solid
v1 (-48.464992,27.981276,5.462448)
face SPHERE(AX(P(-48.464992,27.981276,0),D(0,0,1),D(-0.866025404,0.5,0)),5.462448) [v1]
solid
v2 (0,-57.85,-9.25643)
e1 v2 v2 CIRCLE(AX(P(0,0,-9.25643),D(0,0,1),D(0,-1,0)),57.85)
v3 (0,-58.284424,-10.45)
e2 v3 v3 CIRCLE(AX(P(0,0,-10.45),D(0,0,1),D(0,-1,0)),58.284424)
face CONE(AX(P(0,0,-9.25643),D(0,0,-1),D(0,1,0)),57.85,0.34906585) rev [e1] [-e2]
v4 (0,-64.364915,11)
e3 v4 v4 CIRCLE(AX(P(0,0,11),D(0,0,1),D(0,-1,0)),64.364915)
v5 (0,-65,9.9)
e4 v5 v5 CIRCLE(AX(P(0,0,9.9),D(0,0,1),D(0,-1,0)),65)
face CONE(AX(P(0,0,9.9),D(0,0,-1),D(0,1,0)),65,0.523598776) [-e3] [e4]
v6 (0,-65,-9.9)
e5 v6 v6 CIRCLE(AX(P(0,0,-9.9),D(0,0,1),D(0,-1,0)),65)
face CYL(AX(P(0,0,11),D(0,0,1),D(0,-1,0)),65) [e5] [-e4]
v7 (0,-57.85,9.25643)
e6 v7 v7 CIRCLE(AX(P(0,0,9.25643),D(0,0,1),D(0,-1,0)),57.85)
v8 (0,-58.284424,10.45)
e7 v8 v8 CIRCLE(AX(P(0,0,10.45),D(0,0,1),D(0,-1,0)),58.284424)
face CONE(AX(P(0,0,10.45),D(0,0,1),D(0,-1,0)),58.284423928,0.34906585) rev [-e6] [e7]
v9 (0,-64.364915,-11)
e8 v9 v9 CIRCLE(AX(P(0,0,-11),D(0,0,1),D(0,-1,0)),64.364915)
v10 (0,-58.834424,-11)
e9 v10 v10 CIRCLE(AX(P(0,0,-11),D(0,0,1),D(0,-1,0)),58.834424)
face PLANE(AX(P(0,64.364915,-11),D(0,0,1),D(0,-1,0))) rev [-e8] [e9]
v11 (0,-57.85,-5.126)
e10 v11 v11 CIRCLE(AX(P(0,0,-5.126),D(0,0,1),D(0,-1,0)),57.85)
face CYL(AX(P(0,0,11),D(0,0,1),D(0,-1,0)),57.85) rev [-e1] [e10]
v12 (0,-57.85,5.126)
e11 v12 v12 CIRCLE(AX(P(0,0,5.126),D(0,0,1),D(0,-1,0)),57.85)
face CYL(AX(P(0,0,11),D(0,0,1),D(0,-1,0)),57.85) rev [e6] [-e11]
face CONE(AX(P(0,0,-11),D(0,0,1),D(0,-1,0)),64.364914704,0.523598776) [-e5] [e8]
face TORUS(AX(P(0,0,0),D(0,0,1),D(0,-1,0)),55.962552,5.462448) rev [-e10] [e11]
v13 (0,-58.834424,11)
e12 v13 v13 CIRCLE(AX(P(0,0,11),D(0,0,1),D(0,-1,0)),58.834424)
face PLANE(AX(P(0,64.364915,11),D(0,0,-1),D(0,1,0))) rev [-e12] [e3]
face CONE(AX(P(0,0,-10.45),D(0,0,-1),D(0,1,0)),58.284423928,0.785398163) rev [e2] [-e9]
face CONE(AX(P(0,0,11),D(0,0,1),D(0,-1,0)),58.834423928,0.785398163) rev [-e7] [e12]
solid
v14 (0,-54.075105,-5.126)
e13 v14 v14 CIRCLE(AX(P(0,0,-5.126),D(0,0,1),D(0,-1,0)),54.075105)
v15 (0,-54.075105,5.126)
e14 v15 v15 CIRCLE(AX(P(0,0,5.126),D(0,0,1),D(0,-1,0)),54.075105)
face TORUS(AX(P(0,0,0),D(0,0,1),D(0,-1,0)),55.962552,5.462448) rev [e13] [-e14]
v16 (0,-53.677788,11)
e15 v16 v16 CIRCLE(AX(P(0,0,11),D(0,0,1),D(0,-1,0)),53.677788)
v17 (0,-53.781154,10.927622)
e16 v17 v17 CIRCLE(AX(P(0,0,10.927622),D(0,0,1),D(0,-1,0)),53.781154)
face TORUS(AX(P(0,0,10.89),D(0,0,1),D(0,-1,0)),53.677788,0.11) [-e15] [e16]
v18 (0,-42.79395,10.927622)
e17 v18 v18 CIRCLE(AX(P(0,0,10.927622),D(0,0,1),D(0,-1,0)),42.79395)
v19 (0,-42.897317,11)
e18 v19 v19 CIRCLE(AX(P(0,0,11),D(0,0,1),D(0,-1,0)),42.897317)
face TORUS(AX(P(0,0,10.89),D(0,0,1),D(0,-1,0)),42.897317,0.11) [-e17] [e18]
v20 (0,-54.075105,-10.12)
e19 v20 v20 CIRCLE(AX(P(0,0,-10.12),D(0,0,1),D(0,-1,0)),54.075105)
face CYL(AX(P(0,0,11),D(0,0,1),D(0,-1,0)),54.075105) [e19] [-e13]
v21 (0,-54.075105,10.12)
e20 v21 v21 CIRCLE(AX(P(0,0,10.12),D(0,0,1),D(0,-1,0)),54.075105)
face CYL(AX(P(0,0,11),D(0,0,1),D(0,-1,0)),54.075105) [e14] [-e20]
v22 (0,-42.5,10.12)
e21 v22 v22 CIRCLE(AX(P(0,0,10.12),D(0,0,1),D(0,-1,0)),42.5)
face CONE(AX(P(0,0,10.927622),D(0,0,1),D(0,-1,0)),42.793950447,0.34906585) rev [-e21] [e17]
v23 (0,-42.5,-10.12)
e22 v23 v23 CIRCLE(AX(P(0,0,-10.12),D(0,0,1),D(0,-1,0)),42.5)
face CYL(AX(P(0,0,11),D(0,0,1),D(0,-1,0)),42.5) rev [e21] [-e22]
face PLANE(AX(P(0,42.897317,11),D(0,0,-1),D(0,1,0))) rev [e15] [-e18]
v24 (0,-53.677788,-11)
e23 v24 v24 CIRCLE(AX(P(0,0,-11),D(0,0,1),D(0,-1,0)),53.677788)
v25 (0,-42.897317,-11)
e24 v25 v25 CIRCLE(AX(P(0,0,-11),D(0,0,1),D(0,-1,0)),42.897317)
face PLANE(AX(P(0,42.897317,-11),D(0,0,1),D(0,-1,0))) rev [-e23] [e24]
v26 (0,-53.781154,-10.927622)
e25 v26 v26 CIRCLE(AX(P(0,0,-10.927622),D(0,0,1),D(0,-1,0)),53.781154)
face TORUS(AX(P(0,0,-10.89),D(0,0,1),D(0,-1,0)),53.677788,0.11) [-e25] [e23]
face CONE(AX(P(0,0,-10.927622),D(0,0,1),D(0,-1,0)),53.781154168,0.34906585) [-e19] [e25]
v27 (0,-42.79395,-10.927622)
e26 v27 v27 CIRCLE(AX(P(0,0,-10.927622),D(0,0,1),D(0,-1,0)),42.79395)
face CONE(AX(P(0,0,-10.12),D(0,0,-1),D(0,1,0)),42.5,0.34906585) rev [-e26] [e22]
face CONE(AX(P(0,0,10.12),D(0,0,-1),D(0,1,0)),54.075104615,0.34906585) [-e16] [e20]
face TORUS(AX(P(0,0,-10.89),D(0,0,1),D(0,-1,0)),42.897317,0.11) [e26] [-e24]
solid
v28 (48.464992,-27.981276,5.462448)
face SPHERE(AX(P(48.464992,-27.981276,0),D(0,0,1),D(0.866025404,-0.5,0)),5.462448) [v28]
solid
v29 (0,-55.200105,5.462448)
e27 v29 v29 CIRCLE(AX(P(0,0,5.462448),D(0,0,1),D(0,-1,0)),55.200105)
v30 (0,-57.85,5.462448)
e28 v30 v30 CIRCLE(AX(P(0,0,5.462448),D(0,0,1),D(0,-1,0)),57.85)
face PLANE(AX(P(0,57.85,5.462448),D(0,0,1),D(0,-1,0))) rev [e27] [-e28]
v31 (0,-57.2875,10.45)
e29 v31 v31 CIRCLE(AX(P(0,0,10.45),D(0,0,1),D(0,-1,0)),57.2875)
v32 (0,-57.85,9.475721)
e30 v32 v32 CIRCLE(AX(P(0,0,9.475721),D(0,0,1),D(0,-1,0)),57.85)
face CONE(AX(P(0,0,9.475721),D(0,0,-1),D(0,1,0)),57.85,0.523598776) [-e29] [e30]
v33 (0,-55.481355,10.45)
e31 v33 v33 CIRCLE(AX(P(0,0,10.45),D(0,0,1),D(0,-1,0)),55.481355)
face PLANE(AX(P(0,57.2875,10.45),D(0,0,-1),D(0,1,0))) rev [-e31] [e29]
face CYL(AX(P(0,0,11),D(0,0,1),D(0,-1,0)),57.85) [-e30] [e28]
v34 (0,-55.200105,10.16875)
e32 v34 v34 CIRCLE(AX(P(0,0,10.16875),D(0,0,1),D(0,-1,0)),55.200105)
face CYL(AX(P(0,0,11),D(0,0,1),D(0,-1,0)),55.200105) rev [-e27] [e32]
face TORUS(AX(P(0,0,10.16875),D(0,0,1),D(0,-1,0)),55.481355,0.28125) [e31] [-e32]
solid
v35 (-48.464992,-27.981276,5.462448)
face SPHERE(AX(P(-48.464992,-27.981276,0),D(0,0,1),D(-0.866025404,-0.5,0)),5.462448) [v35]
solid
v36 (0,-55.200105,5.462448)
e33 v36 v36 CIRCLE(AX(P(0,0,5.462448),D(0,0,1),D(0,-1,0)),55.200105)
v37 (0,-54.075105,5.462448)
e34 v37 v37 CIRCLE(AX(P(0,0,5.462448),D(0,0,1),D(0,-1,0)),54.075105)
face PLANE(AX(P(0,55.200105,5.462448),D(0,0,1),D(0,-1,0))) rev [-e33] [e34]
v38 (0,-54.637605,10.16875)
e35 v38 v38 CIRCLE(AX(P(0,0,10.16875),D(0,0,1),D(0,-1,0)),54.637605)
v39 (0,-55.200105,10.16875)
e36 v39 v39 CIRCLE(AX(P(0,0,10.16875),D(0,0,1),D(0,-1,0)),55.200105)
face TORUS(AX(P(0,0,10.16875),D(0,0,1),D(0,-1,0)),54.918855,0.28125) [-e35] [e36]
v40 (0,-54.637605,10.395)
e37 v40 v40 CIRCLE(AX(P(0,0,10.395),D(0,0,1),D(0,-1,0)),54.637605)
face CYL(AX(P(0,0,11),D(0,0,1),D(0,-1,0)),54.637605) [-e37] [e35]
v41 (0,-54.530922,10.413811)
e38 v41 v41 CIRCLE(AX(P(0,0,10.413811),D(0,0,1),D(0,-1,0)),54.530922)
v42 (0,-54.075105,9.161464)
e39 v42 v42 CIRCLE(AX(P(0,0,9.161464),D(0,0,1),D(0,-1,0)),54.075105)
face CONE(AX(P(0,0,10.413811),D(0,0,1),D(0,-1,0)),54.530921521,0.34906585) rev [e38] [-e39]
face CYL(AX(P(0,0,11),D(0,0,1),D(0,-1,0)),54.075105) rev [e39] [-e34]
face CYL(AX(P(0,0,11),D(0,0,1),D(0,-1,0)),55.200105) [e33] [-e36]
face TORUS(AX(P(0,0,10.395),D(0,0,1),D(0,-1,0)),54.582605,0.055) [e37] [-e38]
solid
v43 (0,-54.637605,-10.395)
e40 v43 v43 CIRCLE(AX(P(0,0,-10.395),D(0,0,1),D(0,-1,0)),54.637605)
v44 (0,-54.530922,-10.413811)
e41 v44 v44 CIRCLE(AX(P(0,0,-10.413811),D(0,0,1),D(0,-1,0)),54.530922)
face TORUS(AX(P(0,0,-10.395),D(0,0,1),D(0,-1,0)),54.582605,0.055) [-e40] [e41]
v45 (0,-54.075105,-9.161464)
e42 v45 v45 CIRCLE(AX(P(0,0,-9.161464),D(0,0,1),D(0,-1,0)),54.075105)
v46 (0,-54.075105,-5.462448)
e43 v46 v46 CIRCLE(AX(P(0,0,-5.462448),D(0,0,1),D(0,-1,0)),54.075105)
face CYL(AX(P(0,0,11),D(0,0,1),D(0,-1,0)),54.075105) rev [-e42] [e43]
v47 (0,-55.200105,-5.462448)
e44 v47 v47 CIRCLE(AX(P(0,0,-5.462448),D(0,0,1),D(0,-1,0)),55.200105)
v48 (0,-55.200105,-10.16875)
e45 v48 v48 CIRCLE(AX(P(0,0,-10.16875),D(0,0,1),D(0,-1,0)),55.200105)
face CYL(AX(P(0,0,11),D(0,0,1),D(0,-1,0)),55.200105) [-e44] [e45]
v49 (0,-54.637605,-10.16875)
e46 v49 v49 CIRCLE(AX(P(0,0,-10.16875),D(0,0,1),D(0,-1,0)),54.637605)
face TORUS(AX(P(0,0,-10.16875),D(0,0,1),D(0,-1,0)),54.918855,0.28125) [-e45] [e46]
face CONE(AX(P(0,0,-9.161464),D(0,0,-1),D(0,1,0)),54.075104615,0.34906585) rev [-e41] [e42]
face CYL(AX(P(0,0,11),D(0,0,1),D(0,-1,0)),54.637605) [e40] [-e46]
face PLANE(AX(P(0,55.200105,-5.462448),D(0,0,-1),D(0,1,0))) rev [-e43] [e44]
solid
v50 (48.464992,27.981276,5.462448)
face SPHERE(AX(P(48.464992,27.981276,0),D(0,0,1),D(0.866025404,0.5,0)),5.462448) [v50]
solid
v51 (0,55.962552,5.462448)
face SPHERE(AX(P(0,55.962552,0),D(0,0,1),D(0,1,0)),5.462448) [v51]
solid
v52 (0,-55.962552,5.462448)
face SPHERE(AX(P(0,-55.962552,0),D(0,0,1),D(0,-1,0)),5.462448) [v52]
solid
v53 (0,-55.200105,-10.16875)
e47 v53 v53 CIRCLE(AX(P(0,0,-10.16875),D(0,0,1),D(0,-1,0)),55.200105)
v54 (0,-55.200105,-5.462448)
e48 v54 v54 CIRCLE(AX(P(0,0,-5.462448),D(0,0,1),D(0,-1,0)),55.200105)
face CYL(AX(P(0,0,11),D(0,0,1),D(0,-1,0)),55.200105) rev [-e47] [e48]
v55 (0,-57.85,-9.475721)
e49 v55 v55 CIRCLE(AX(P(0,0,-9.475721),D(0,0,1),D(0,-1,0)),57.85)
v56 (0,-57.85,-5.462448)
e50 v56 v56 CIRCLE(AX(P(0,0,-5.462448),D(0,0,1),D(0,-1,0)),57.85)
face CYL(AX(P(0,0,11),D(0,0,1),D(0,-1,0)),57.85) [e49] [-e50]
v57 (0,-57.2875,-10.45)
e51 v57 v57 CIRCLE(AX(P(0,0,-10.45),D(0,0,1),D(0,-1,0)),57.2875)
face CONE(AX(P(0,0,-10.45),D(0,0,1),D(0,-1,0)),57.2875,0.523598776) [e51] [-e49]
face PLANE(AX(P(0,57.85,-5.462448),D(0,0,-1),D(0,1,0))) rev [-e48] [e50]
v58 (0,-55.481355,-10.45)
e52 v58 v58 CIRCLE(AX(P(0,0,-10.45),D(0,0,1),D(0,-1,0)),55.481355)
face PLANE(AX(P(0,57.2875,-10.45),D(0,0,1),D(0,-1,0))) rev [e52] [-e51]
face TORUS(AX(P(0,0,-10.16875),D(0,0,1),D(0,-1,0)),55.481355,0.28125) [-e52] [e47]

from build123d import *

# Parameters (mm, degrees)
CIRPATTERN1_COUNT = 6


with BuildPart() as part:
    # Sketch3 → Revolve1 (revolve)
    with BuildSketch(Plane(origin=(0, 0, 0), x_dir=(0, 0, -1), z_dir=(1, 0, 0))):
        with BuildLine():
            Line((-9.256430067, 57.85), (-10.45, 58.284423928))
            Line((-10.45, 58.284423928), (-11, 58.834423928))
            Line((-11, 58.834423928), (-11, 64.364914704))
            Line((-11, 64.364914704), (-9.9, 65))
            Line((-9.9, 65), (9.9, 65))
            Line((9.9, 65), (11, 64.364914704))
            Line((11, 64.364914704), (11, 58.834423928))
            Line((11, 58.834423928), (10.45, 58.284423928))
            Line((10.45, 58.284423928), (9.256430067, 57.85))
            Line((9.256430067, 57.85), (5.126, 57.85))
            ThreePointArc((5.126, 57.85), (0, 61.425), (-5.126, 57.85))
            Line((-5.126, 57.85), (-9.256430067, 57.85))
        make_face()
    revolve(axis=Axis((0, 0, 11), (0, 0, -1)))


with BuildPart() as body_2:
    # Sketch4 → Revolve2 (revolve)
    with BuildSketch(Plane(origin=(0, 0, 0), x_dir=(0, 0, -1), z_dir=(1, 0, 0))):
        with BuildLine():
            Line((-10.12, 42.5), (-10.927622216, 42.793950447))
            ThreePointArc((-10.927622216, 42.793950447), (-10.980106725, 42.834223227), (-11, 42.897316635))
            Line((-11, 42.897316635), (-11, 53.67778798))
            ThreePointArc((-11, 53.67778798), (-10.980106725, 53.740881388), (-10.927622216, 53.781154168))
            Line((-10.927622216, 53.781154168), (-10.12, 54.075104615))
            Line((-10.12, 54.075104615), (-5.126, 54.075104615))
            ThreePointArc((-5.126, 54.075104615), (0, 50.500104615), (5.126, 54.075104615))
            Line((5.126, 54.075104615), (10.12, 54.075104615))
            Line((10.12, 54.075104615), (10.927622216, 53.781154168))
            ThreePointArc((10.927622216, 53.781154168), (10.980106725, 53.740881388), (11, 53.67778798))
            Line((11, 53.67778798), (11, 42.897316635))
            ThreePointArc((11, 42.897316635), (10.980106725, 42.834223227), (10.927622216, 42.793950447))
            Line((10.927622216, 42.793950447), (10.12, 42.5))
            Line((10.12, 42.5), (-10.12, 42.5))
        make_face()
    revolve(axis=Axis((0, 0, 11), (0, 0, -1)))


with BuildPart() as body_3:
    # Sketch5 → Revolve3 (revolve)
    with BuildSketch(Plane(origin=(0, 0, 0), x_dir=(0, 0, -1), z_dir=(1, 0, 0))):
        with BuildLine():
            Line((-5.462447692, 55.962552308), (5.462447692, 55.962552308))
            ThreePointArc((5.462447692, 55.962552308), (0, 61.425), (-5.462447692, 55.962552308))
        make_face()
    revolve(axis=Axis((0, 55.962552308, 5.462447692), (0, 0, -1)))


with BuildPart() as cirpattern1_1:
    # CirPattern1: pattern copy
    add(body_3.part.rotate(Axis((0, 0, 0), (0, 0, 1)), 1 * 360 / CIRPATTERN1_COUNT))


with BuildPart() as cirpattern1_2:
    # CirPattern1: pattern copy
    add(body_3.part.rotate(Axis((0, 0, 0), (0, 0, 1)), 2 * 360 / CIRPATTERN1_COUNT))


with BuildPart() as cirpattern1_3:
    # CirPattern1: pattern copy
    add(body_3.part.rotate(Axis((0, 0, 0), (0, 0, 1)), 3 * 360 / CIRPATTERN1_COUNT))


with BuildPart() as cirpattern1_4:
    # CirPattern1: pattern copy
    add(body_3.part.rotate(Axis((0, 0, 0), (0, 0, 1)), 4 * 360 / CIRPATTERN1_COUNT))


with BuildPart() as cirpattern1_5:
    # CirPattern1: pattern copy
    add(body_3.part.rotate(Axis((0, 0, 0), (0, 0, 1)), 5 * 360 / CIRPATTERN1_COUNT))


with BuildPart() as body_9:
    # Sketch6 → Revolve4 (revolve)
    with BuildSketch(Plane(origin=(0, 0, 0), x_dir=(0, 0, -1), z_dir=(1, 0, 0))):
        with BuildLine():
            Line((-9.475721421, 57.85), (-5.462447692, 57.85))
            Line((-5.462447692, 57.85), (-5.462447692, 55.200104615))
            Line((-5.462447692, 55.200104615), (-10.16875, 55.200104615))
            ThreePointArc((-10.16875, 55.200104615), (-10.367623782, 55.282480833), (-10.45, 55.481354615))
            Line((-10.45, 55.481354615), (-10.45, 57.2875))
            Line((-10.45, 57.2875), (-9.475721421, 57.85))
        make_face()
        with BuildLine():
            Line((10.16875, 55.200104615), (5.462447692, 55.200104615))
            Line((5.462447692, 55.200104615), (5.462447692, 57.85))
            Line((5.462447692, 57.85), (9.475721421, 57.85))
            Line((9.475721421, 57.85), (10.45, 57.2875))
            Line((10.45, 57.2875), (10.45, 55.481354615))
            ThreePointArc((10.45, 55.481354615), (10.367623782, 55.282480833), (10.16875, 55.200104615))
        make_face()
    revolve(axis=Axis((0, 0, 11), (0, 0, -1)))


with BuildPart() as body_10:
    # Sketch7 → Revolve5 (revolve)
    with BuildSketch(Plane(origin=(0, 0, 0), x_dir=(0, 0, -1), z_dir=(1, 0, 0))):
        with BuildLine():
            Line((-5.462447692, 54.075104615), (-9.161464452, 54.075104615))
            Line((-9.161464452, 54.075104615), (-10.413811108, 54.530921521))
            ThreePointArc((-10.413811108, 54.530921521), (-10.449164426, 54.592155265), (-10.395, 54.637604615))
            Line((-10.395, 54.637604615), (-10.16875, 54.637604615))
            ThreePointArc((-10.16875, 54.637604615), (-10.45, 54.918854615), (-10.16875, 55.200104615))
            Line((-10.16875, 55.200104615), (-5.462447692, 55.200104615))
            Line((-5.462447692, 55.200104615), (-5.462447692, 54.075104615))
        make_face()
        with BuildLine():
            Line((5.462447692, 55.200104615), (5.462447692, 54.075104615))
            Line((5.462447692, 54.075104615), (9.161464452, 54.075104615))
            Line((9.161464452, 54.075104615), (10.413811108, 54.530921521))
            ThreePointArc((10.413811108, 54.530921521), (10.449164426, 54.592155265), (10.395, 54.637604615))
            Line((10.395, 54.637604615), (10.16875, 54.637604615))
            ThreePointArc((10.16875, 54.637604615), (10.45, 54.918854615), (10.16875, 55.200104615))
            Line((10.16875, 55.200104615), (5.462447692, 55.200104615))
        make_face()
    revolve(axis=Axis((0, 0, 11), (0, 0, -1)))


solid = Compound([part.part, body_2.part, body_3.part, cirpattern1_1.part, cirpattern1_2.part, cirpattern1_3.part, cirpattern1_4.part, cirpattern1_5.part, body_9.part, body_10.part])
